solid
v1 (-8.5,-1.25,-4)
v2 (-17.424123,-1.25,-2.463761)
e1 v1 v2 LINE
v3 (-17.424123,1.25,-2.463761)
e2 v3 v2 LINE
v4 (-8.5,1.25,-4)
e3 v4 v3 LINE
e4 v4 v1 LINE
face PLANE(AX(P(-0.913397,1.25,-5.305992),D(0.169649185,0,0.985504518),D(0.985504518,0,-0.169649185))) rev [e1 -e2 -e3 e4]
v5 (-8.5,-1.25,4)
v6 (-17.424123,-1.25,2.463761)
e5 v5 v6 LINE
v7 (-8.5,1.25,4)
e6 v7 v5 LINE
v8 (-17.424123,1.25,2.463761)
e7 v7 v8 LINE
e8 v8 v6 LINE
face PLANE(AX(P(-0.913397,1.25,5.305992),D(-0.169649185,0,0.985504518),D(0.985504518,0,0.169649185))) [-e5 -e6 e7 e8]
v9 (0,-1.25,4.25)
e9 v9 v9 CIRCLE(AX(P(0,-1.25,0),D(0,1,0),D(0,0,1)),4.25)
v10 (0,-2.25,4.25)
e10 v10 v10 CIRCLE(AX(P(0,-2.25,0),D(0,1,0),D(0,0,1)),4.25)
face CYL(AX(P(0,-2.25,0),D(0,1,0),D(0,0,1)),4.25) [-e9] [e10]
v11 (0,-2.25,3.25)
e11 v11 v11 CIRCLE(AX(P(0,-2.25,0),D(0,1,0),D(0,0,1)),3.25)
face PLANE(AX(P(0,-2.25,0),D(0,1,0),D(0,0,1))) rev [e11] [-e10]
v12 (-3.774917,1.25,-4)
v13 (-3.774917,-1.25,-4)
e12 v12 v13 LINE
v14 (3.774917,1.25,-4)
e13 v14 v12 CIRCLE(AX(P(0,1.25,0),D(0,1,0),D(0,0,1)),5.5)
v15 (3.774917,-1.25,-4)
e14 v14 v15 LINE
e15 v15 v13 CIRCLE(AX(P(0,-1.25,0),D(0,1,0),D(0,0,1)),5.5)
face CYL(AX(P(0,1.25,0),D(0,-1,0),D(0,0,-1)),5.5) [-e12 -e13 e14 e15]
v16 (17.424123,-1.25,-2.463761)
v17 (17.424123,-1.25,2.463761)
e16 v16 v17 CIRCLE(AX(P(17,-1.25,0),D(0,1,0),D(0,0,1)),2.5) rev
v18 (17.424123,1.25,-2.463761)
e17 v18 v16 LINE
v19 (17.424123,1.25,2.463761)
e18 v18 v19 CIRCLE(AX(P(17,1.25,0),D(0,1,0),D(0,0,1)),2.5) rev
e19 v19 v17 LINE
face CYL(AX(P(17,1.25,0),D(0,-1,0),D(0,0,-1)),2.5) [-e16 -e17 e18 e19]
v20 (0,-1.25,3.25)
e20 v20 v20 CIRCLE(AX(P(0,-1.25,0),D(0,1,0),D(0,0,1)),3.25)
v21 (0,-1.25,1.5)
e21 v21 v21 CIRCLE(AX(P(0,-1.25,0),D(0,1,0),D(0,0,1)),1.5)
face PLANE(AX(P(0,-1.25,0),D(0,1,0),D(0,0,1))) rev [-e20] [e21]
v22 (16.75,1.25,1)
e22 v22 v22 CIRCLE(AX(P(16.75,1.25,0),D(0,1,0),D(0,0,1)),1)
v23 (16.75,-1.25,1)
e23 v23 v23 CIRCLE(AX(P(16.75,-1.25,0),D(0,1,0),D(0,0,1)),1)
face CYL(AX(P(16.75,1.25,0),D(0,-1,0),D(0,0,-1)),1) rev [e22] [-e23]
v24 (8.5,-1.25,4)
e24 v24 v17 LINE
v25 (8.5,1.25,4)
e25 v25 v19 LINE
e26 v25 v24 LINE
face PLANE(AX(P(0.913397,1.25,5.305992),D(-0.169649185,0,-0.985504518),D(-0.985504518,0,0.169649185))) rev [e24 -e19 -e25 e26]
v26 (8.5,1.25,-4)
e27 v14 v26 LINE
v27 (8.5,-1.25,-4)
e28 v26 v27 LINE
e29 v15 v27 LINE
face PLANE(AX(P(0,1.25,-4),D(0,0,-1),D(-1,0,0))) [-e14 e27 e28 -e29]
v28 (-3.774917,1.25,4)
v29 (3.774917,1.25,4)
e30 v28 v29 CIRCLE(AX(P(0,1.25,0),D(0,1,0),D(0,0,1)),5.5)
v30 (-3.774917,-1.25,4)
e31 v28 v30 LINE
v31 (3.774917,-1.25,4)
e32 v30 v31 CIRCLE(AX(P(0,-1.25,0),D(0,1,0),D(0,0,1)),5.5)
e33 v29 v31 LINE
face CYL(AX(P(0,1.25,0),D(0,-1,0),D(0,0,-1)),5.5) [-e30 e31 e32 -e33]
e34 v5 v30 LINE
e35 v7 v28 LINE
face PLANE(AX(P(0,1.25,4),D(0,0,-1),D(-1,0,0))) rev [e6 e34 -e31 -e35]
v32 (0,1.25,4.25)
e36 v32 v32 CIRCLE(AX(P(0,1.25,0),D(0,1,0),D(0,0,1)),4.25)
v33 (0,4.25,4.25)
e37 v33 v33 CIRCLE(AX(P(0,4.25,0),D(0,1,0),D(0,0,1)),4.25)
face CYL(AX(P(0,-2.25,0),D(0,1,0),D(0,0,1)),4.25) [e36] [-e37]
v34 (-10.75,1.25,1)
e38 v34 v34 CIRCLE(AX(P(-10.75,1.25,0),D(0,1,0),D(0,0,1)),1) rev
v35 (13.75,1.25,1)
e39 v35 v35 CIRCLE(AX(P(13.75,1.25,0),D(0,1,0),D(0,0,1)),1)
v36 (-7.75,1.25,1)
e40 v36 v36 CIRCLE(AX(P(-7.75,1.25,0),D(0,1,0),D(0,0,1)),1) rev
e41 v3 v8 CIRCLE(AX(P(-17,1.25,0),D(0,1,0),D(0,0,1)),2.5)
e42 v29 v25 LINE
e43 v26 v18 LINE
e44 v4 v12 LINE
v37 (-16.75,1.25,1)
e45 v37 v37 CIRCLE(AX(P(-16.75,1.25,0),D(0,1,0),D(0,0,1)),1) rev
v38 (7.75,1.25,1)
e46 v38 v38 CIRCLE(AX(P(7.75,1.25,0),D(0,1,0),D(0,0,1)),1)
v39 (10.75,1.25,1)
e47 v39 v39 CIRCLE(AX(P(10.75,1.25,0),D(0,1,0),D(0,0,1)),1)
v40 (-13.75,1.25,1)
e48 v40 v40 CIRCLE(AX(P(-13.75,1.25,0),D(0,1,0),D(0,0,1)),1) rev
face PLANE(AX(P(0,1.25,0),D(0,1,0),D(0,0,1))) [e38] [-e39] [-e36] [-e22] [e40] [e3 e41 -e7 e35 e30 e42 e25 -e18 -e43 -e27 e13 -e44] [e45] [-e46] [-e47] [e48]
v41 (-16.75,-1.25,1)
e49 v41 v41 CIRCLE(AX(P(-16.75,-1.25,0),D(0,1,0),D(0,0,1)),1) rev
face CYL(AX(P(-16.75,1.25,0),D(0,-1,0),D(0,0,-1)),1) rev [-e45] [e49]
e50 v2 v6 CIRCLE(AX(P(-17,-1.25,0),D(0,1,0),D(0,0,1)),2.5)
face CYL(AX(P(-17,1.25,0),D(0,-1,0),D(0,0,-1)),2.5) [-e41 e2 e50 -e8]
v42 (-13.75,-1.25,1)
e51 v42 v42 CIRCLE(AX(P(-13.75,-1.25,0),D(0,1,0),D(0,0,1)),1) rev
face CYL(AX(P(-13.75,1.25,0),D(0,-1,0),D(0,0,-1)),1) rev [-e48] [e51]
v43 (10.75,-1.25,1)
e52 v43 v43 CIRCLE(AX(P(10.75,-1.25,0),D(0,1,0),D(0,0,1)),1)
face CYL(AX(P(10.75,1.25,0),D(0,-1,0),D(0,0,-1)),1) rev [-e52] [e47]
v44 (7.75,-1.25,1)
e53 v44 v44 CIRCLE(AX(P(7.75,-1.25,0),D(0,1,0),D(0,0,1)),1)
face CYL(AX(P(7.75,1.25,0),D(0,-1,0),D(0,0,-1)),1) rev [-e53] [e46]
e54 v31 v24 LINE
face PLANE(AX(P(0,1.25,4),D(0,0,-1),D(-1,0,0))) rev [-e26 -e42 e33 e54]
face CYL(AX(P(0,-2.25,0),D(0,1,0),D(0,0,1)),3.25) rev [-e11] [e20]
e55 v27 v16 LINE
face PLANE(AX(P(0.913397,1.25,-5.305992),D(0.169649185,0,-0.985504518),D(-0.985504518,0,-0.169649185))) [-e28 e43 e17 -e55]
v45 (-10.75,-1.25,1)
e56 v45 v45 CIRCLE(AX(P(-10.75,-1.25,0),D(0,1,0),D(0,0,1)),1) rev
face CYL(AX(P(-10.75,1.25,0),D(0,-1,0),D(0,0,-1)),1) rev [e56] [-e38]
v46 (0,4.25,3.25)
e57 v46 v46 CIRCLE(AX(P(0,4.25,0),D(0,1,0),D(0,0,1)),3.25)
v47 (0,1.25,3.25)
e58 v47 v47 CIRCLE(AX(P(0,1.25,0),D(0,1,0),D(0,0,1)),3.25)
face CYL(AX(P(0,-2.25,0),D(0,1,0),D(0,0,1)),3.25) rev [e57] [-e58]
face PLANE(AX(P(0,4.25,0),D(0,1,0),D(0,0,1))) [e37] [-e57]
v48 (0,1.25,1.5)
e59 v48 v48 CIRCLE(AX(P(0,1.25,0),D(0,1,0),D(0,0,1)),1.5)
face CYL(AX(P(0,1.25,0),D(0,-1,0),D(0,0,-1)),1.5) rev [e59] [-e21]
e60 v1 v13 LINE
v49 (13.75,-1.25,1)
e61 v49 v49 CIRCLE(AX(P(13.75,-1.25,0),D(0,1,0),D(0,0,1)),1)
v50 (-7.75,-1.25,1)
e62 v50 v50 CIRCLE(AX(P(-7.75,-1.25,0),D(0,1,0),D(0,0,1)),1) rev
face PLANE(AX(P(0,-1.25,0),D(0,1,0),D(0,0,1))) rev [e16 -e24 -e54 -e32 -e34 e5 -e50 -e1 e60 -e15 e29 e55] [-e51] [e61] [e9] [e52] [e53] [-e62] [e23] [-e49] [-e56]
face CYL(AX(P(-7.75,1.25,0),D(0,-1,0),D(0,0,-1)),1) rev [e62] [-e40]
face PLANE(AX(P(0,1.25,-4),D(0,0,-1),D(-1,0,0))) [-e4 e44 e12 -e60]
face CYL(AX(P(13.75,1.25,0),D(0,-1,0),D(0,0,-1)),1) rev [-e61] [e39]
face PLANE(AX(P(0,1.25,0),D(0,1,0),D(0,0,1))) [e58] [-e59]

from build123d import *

# Parameters (mm, degrees)
SKETCH1_R                = 1
SKETCH1_R_2              = 1.5
BOSS_EXTRUDE1_DEPTH      = 1.25
BOSS_EXTRUDE2_DEPTH      = 3
BOSS_EXTRUDE2_DEPTH_BACK = 3.5
BOSS_EXTRUDE2_START      = 1.25
SKETCH3_R                = 4.25
SKETCH3_R_2              = 3.25


with BuildPart() as part:
    # Sketch1 → Boss-Extrude1 (new, symmetric)
    # profile 1 of 3: a face of its own
    with BuildSketch(Plane(origin=(0, 0, 0), x_dir=(1, 0, 0), z_dir=(0, 1, 0))):
        with BuildLine():
            ThreePointArc((17.424122962, 2.463761294), (19.5, 0), (17.424122962, -2.463761294))
            Line((17.424122962, -2.463761294), (8.5, -4))
            Line((8.5, -4), (-8.5, -4))
            Line((-8.5, -4), (-17.424122962, -2.463761294))
            ThreePointArc((-17.424122962, -2.463761294), (-19.5, 0), (-17.424122962, 2.463761294))
            Line((-17.424122962, 2.463761294), (-8.5, 4))
            Line((-8.5, 4), (8.5, 4))
            Line((8.5, 4), (17.424122962, 2.463761294))
        make_face()
        with Locations(Location((-7.75, 0, 0), (0, 0, 270))):
            Circle(SKETCH1_R, mode=Mode.SUBTRACT)
        with Locations(Location((-16.75, 0, 0), (0, 0, 270))):
            Circle(SKETCH1_R, mode=Mode.SUBTRACT)
        with Locations(Location((16.75, 0, 0), (0, 0, 270))):
            Circle(SKETCH1_R, mode=Mode.SUBTRACT)
        with Locations(Location((13.75, 0, 0), (0, 0, 270))):
            Circle(SKETCH1_R, mode=Mode.SUBTRACT)
        with Locations(Location((10.75, 0, 0), (0, 0, 270))):
            Circle(SKETCH1_R, mode=Mode.SUBTRACT)
        with Locations(Location((7.75, 0, 0), (0, 0, 270))):
            Circle(SKETCH1_R, mode=Mode.SUBTRACT)
        with Locations(Location((0, 0, 0), (0, 0, 270))):
            Circle(SKETCH1_R_2, mode=Mode.SUBTRACT)
        with Locations(Location((-13.75, 0, 0), (0, 0, 270))):
            Circle(SKETCH1_R, mode=Mode.SUBTRACT)
        with Locations(Location((-10.75, 0, 0), (0, 0, 270))):
            Circle(SKETCH1_R, mode=Mode.SUBTRACT)
    # profile 2 of 3: a face of its own
    with BuildSketch(Plane(origin=(0, 0, 0), x_dir=(1, 0, 0), z_dir=(0, 1, 0))):
        with BuildLine():
            ThreePointArc((3.774917218, 4), (0, 5.5), (-3.774917218, 4))
            Line((-3.774917218, 4), (3.774917218, 4))
        make_face()
    # profile 3 of 3: a face of its own
    with BuildSketch(Plane(origin=(0, 0, 0), x_dir=(1, 0, 0), z_dir=(0, 1, 0))):
        with BuildLine():
            Line((3.774917218, -4), (-3.774917218, -4))
            ThreePointArc((-3.774917218, -4), (0, -5.5), (3.774917218, -4))
        make_face()
    extrude(amount=BOSS_EXTRUDE1_DEPTH, both=True)

    # Sketch3 → Boss-Extrude2 (add, two sides: drawn at the far end of the back side and taken through both)
    with BuildSketch(Plane(origin=(0, 0, 0), x_dir=(1, 0, 0), z_dir=(0, 1, 0)).offset(BOSS_EXTRUDE2_START - BOSS_EXTRUDE2_DEPTH_BACK)):
        with Locations(Location((0, 0, 0), (0, 0, 270))):
            Circle(SKETCH3_R)
        with Locations(Location((0, 0, 0), (0, 0, 270))):
            Circle(SKETCH3_R_2, mode=Mode.SUBTRACT)
    extrude(amount=BOSS_EXTRUDE2_DEPTH + BOSS_EXTRUDE2_DEPTH_BACK)


solid = part.part
